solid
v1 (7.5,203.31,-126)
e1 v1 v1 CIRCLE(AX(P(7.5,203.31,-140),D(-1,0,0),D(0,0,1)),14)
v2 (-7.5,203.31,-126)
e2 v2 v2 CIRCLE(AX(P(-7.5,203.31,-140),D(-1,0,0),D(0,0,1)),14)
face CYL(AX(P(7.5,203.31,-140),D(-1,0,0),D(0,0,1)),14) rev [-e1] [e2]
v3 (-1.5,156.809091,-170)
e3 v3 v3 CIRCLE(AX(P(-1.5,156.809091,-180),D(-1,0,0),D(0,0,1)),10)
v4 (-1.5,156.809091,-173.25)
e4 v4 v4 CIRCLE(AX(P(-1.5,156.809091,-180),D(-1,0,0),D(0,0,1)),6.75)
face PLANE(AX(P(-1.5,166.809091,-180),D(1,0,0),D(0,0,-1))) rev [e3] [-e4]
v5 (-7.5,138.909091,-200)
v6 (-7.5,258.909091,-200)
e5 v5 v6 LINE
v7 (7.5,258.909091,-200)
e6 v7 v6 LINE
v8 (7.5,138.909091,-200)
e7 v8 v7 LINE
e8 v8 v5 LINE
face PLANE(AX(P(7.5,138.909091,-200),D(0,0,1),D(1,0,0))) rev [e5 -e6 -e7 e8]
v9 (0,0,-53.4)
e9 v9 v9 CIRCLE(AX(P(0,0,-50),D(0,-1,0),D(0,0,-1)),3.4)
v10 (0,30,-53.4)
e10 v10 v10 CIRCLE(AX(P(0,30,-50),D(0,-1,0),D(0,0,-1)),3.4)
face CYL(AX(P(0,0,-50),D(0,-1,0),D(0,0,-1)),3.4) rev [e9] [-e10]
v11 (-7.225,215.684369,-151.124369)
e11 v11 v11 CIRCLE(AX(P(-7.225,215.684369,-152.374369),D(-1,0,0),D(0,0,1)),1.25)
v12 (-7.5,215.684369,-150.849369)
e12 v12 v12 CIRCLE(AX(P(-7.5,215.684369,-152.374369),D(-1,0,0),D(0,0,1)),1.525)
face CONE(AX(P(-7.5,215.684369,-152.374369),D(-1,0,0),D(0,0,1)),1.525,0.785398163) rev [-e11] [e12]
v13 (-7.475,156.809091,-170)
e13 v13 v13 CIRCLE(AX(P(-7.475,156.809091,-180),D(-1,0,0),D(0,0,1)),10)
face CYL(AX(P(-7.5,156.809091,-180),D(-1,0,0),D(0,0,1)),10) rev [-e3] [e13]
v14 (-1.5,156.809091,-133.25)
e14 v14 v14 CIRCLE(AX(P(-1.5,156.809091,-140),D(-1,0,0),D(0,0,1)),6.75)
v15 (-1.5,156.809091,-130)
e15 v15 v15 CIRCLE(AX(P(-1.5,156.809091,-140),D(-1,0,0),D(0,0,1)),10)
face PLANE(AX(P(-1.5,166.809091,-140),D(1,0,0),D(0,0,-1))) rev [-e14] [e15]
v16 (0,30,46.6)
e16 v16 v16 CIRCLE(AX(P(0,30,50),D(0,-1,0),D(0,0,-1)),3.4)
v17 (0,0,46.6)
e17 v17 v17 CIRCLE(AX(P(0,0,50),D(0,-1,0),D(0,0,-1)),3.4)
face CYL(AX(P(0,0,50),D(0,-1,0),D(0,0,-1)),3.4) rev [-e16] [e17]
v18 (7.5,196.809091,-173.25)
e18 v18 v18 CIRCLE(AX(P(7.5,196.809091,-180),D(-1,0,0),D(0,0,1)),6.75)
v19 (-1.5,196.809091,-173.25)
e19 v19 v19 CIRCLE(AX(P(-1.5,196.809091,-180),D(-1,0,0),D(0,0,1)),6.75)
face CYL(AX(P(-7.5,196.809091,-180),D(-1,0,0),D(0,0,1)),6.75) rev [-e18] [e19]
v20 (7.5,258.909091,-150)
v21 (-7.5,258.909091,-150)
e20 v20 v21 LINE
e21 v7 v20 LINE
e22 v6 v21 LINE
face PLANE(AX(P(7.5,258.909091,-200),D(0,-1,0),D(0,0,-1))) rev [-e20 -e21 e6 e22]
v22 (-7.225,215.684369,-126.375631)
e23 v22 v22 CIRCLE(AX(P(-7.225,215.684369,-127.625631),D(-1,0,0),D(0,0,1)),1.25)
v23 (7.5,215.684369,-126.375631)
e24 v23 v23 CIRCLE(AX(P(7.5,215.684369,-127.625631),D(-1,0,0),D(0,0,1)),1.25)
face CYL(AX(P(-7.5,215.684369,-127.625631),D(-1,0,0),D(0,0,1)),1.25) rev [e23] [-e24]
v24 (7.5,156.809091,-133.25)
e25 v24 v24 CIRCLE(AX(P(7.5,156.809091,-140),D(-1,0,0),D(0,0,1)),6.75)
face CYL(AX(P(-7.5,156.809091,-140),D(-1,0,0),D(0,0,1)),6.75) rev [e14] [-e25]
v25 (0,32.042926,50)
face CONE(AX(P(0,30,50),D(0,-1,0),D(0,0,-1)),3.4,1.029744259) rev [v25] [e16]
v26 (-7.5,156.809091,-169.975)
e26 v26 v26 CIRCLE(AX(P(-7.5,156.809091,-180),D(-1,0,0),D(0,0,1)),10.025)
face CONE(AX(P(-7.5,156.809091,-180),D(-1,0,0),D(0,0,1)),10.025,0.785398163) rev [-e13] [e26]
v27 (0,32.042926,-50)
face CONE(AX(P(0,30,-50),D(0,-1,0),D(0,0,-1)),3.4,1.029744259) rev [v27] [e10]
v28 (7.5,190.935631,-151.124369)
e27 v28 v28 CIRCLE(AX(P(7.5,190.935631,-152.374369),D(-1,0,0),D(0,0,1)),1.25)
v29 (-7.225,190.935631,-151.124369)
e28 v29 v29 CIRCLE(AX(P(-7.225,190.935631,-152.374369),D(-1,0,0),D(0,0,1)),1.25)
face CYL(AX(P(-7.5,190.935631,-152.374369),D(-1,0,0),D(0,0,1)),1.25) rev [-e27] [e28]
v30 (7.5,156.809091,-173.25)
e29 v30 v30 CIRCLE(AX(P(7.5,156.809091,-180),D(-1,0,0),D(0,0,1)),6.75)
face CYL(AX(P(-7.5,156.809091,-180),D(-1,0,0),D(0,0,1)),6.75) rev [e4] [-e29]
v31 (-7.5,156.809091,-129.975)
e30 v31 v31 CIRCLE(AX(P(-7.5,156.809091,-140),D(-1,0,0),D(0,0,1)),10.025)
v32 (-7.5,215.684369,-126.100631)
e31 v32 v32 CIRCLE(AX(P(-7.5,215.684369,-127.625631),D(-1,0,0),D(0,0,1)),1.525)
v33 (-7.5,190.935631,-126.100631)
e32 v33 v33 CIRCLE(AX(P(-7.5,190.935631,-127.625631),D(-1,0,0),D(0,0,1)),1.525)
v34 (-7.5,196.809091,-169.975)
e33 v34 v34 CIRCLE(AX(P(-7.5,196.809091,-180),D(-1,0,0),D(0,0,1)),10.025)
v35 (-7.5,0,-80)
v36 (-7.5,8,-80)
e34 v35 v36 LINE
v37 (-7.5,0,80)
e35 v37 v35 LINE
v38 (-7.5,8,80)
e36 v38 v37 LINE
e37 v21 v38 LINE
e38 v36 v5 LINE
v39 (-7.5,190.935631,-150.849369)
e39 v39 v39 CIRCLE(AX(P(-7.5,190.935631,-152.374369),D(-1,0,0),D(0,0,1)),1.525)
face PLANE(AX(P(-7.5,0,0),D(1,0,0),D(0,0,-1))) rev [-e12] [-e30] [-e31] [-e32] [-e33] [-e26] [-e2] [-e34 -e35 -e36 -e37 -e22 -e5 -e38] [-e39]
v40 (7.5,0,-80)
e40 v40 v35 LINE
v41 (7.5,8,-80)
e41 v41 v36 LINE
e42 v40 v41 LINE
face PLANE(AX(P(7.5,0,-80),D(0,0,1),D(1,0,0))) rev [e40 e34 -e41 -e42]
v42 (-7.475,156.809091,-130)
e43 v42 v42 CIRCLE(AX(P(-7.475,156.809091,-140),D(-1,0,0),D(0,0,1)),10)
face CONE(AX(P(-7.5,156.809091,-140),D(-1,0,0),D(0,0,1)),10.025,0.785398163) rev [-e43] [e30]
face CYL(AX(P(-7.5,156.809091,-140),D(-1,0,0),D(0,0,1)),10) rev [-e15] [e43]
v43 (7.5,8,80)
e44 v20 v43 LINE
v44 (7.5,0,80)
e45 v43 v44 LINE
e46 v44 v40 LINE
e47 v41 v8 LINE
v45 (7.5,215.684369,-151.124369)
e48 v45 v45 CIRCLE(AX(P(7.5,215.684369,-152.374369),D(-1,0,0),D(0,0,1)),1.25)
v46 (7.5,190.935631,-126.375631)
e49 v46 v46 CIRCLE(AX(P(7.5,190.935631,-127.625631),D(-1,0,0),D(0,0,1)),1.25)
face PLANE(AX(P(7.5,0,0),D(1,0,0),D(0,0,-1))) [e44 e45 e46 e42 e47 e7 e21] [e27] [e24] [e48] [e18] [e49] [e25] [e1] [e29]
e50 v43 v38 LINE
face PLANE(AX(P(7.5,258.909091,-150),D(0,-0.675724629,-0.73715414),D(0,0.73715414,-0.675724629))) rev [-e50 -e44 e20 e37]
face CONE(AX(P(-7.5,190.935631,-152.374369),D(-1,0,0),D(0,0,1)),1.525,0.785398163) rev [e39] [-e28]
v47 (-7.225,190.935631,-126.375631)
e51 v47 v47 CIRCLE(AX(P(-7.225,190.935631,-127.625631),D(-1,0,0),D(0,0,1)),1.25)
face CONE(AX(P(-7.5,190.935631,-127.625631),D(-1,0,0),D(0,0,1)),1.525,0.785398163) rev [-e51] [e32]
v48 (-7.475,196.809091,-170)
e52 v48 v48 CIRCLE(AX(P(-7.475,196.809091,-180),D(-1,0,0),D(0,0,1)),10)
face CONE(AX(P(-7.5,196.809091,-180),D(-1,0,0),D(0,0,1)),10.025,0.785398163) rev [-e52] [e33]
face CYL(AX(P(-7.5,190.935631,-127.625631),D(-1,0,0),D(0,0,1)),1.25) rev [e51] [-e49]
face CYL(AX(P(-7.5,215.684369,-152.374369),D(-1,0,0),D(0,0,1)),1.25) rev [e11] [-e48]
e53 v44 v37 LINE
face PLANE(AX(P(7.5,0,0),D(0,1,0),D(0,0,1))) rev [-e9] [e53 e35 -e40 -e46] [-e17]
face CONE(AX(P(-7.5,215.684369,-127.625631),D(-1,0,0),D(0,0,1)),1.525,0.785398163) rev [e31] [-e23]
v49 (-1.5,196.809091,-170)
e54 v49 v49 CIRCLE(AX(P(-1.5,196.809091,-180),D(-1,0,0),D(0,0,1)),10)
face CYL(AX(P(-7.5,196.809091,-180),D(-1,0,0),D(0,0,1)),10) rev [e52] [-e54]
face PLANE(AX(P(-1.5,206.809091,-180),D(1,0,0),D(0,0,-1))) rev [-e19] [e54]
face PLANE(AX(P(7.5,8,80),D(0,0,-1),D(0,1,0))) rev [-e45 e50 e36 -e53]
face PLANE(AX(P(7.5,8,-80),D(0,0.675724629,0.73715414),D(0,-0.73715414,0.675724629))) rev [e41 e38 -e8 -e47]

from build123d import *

# Parameters (mm, degrees)
EXTRUDE_738_DEPTH          = 7.5
HOLE_WIZARD_M8_D           = 6.8
HOLE_WIZARD_M8_DEPTH       = 30
HOLE_WIZARD_M8_TIP         = 2.042926105
HOLE_WIZARD_M12_AT_2_COUNT = 2
HOLE_WIZARD_M12_AT_2_PITCH = 40
HOLE_WIZARD_M12_AT_3_COUNT = 2
HOLE_WIZARD_M12_AT_3_PITCH = 56.568542495
SKETCH_12_R                = 14
CUT_EXTRUDE_1_DEPTH        = 328.504072273
FF10_M3_D                  = 2.5
FF10_M3_CSINK_D            = 3.05
FF10_M3_CSINK_ANGLE        = 90


with BuildPart() as part:
    # Эскиз1 → Extrude 738 (new, symmetric)
    with BuildSketch(Plane(origin=(0, 0, 0), x_dir=(0, 0, -1), z_dir=(1, 0, 0))):
        Polygon((-80, 0), (0, 0), (80, 0), (80, 8), (200, 138.909090909), (200, 258.909090909), (150, 258.909090909), (-80, 8), align=None)
    extrude(amount=EXTRUDE_738_DEPTH, both=True)

    # Крепление к плите M8
    with Locations(Plane(origin=(0, 0, 0), x_dir=(-1, 0, 0), z_dir=(0, -1, 0))):
        with Locations((0, -50), (0, 50)):
            Hole(HOLE_WIZARD_M8_D / 2, depth=HOLE_WIZARD_M8_DEPTH)
            with Locations((0, 0, -(HOLE_WIZARD_M8_DEPTH + HOLE_WIZARD_M8_TIP / 2))):  # 118° drill point
                Cone(0, HOLE_WIZARD_M8_D / 2, HOLE_WIZARD_M8_TIP, mode=Mode.SUBTRACT)

    # Эскиз9 → К профилю M12 (revolve, cut)
    with BuildSketch(Plane(origin=(-7.5, 196.809090909, -180), x_dir=(0, 0, 1), z_dir=(0, 1, 0))):
        Polygon((0, 0), (0, 15), (6.75, 15), (6.75, 6), (10, 6), (10, 0.025), (10.025, 0), align=None)
    hole_wizard_m12 = revolve(axis=Axis((-13.85, 196.809090909, -180), (1, 0, 0)), mode=Mode.SUBTRACT)

    # К профилю M12 at 2: К профилю M12 ×2
    with Locations(*[(0, -i * HOLE_WIZARD_M12_AT_2_PITCH, 0) for i in range(1, HOLE_WIZARD_M12_AT_2_COUNT)]):
        add(hole_wizard_m12, mode=Mode.SUBTRACT)

    # К профилю M12 at 3: К профилю M12 ×2
    with Locations(*[Vector(0, -0.7071067811865478, 0.7071067811865474) * (i * HOLE_WIZARD_M12_AT_3_PITCH) for i in range(1, HOLE_WIZARD_M12_AT_3_COUNT)]):
        add(hole_wizard_m12, mode=Mode.SUBTRACT)

    # Эскиз12 → Вырез-Вытянуть1 (cut, through all)
    with BuildSketch(Plane.ZY.offset(7.5)):
        with Locations((-140, 203.31)):
            Circle(SKETCH_12_R)
    extrude(amount=-CUT_EXTRUDE_1_DEPTH, mode=Mode.SUBTRACT)

    # FF10-M3 (through all)
    with Locations(Plane.ZY.offset(7.5)):
        with Locations((-127.625631329, 215.684368671), (-127.625631329, 190.935631329), (-152.374368671, 190.935631329), (-152.374368671, 215.684368671)):
            CounterSinkHole(FF10_M3_D / 2, FF10_M3_CSINK_D / 2, counter_sink_angle=FF10_M3_CSINK_ANGLE)


solid = part.part
